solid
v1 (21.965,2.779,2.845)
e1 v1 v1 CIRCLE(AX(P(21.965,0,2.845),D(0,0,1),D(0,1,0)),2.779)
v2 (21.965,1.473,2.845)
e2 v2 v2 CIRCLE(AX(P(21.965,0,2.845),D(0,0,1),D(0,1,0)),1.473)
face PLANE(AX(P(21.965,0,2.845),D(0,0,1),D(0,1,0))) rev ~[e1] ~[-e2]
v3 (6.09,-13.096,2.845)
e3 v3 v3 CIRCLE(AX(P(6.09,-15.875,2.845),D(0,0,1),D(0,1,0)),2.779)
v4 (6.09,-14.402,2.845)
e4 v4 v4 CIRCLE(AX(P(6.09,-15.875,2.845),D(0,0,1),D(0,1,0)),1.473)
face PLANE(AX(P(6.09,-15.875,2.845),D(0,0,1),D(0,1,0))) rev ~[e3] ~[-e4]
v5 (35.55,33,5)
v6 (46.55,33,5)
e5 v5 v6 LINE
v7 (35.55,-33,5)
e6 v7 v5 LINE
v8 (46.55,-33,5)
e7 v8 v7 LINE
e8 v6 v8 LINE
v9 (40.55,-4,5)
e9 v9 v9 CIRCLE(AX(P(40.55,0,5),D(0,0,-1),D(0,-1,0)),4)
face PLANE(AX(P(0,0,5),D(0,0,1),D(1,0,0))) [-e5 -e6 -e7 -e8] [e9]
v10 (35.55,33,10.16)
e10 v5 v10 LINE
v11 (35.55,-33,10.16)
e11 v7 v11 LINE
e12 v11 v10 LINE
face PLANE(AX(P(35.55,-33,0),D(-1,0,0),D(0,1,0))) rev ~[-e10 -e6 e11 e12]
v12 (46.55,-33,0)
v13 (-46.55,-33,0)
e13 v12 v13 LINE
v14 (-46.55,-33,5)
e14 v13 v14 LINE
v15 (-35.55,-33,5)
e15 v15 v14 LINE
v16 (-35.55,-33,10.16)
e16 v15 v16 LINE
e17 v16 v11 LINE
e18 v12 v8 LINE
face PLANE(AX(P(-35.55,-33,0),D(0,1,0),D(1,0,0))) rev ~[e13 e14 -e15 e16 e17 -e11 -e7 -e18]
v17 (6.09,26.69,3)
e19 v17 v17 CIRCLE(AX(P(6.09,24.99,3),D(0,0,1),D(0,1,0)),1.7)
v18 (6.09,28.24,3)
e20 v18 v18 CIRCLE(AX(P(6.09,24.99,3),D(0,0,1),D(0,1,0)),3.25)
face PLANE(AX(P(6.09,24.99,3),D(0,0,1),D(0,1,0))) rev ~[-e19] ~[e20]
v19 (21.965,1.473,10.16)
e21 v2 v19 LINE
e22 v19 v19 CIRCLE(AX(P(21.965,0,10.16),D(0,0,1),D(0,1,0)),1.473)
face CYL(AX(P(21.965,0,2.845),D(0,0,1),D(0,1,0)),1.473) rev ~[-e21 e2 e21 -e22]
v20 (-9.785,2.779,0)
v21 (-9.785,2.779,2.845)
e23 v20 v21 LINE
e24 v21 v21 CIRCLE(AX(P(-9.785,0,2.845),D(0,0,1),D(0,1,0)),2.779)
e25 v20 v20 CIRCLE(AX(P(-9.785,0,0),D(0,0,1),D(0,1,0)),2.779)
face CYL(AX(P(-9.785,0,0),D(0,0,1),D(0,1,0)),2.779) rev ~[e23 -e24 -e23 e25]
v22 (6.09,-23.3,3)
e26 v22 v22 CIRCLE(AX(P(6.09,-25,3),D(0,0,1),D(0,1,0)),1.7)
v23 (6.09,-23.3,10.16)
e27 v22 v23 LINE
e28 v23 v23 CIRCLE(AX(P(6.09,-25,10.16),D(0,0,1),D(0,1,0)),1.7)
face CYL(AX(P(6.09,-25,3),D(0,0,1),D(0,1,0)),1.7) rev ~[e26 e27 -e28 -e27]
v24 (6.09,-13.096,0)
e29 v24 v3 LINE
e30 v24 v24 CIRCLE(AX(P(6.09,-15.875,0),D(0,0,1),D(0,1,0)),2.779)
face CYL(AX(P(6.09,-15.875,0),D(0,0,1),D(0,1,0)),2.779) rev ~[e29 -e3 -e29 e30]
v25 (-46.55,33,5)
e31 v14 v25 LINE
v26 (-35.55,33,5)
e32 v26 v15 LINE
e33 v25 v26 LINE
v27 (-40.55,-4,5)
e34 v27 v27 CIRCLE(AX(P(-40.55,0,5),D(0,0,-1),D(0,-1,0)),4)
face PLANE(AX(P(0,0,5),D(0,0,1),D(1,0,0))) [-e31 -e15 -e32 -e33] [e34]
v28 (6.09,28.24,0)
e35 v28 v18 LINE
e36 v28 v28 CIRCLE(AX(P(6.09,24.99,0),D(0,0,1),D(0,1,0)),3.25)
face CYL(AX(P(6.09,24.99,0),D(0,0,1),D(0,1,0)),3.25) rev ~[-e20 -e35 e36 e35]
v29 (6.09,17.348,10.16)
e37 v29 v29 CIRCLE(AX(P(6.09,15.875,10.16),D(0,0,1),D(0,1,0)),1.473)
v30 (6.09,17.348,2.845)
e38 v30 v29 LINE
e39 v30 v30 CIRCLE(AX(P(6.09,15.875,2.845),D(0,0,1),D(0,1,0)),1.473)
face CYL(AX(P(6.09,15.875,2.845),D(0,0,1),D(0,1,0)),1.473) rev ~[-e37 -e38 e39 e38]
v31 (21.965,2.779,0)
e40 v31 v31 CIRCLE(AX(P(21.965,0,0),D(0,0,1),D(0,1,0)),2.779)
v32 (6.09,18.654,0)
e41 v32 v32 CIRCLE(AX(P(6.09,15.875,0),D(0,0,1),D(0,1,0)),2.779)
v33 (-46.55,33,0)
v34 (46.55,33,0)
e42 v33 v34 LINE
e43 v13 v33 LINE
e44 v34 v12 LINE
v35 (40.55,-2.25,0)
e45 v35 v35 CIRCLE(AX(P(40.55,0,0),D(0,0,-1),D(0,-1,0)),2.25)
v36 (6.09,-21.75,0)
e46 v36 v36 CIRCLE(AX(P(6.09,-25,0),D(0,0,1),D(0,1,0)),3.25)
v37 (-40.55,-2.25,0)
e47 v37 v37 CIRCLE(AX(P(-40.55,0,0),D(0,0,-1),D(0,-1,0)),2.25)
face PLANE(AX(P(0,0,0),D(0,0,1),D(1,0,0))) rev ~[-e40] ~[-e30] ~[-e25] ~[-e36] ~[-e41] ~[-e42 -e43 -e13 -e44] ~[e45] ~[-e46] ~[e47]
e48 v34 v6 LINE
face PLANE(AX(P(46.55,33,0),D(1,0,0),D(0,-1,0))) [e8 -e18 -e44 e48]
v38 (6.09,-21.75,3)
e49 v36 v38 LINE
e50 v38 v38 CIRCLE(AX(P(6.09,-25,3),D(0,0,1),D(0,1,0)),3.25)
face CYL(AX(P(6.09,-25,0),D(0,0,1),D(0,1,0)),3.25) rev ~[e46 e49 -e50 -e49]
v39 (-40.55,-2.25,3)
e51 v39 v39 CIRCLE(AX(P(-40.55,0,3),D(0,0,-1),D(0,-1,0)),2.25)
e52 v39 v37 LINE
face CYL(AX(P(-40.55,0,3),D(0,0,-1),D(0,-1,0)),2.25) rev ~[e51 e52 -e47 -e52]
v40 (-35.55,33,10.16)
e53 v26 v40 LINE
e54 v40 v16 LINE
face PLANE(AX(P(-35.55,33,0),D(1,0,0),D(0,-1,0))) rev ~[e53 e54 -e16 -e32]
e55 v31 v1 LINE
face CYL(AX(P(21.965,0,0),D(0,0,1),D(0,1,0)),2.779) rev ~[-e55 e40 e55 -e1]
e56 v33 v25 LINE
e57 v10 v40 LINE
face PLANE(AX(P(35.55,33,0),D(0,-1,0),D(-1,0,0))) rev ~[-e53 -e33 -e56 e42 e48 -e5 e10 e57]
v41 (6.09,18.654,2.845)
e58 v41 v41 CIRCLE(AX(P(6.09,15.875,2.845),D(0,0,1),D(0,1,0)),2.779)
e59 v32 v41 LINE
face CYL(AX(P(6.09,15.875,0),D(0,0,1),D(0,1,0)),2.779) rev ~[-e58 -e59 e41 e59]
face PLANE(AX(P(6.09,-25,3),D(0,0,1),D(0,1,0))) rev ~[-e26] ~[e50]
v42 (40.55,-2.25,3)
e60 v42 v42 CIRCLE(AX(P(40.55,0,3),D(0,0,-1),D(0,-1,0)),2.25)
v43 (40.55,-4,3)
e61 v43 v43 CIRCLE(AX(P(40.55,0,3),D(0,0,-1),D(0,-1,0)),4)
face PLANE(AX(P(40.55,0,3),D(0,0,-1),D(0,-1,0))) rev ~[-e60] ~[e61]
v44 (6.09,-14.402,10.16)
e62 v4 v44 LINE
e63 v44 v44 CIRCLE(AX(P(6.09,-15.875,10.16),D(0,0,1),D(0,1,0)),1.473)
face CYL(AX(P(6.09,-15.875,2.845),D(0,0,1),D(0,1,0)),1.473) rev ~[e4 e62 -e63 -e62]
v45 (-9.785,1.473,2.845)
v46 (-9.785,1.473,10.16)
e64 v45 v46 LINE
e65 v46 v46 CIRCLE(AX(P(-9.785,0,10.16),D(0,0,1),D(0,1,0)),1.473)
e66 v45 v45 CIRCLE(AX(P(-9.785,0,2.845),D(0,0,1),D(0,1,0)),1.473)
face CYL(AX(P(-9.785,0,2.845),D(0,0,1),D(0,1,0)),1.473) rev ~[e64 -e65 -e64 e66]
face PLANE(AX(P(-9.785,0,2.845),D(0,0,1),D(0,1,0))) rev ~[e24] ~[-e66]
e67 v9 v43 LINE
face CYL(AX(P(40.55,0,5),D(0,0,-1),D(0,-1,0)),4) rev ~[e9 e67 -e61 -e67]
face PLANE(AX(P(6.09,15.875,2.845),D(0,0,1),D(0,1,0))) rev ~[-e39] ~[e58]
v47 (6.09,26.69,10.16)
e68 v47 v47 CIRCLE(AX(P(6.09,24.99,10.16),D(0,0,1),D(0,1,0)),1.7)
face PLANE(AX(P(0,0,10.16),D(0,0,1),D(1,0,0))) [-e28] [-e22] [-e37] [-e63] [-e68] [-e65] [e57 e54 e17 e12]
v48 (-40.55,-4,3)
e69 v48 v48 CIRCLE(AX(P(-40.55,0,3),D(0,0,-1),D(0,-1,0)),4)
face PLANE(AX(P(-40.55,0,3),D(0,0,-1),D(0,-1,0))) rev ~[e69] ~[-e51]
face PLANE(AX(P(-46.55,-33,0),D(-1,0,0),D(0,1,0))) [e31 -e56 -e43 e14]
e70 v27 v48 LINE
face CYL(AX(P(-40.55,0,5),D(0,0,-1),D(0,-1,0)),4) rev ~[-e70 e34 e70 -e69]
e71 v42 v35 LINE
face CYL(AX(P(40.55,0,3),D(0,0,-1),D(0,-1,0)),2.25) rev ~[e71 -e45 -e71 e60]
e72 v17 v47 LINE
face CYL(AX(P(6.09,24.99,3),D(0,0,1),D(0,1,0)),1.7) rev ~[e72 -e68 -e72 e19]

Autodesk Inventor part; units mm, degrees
ref_plane "YZ Plane" through (0, 0, 0) normal (1, 0, 0) x (0, 1, 0)
ref_plane "XZ Plane" through (0, 0, 0) normal (0, 1, 0) x (-1, 0, 0)
ref_plane "XY Plane" through (0, 0, 0) normal (0, 0, 1) x (1, 0, 0)
sketch "Sketch1" plane through (0, 0, 0) normal (0, 0, 1) x (1, 0, 0)
  line L0 (-35.55, -33) -> (35.55, -33)
  line L1 (35.55, -33) -> (35.55, 33)
  line L2 (35.55, 33) -> (-35.55, 33)
  line L3 (-35.55, 33) -> (-35.55, -33)
  line L4 (-35.55, -33) -> (35.55, 33) construction
  line L5 (35.55, -33) -> (-35.55, 33) construction
  point P0 (0, 0)
  dimension "LENGTH" = 71.1
  dimension "WIDTH" = 66
extrude "Extrusion1" add sketch "Sketch1" along normal blind 10.16
sketch "Sketch2" plane through (0, 0, 0) normal (0, 0, 1) x (1, 0, 0)
  line L0 (46.55, -33) -> (-46.55, -33)
  line L1 (-46.55, -33) -> (-46.55, 33)
  line L2 (-46.55, 33) -> (46.55, 33)
  line L3 (46.55, 33) -> (46.55, -33)
  line L4 (46.55, -33) -> (-46.55, 33) construction
  line L5 (-46.55, -33) -> (46.55, 33) construction
  point P0 (0, 0)
  dimension "d4" = 93.1
  dimension "d5" = 66
extrude "Extrusion2" add sketch "Sketch2" along normal blind 5
sketch "Sketch3" plane through (0, 0, 5) normal (0, 0, 1) x (1, 0, 0)
  line L0 (-46.55, 33) -> (-46.55, -33) projected
  line L1 (46.55, -33) -> (46.55, 33) projected
  point P0 (0, 0)
  point P1 (-40.55, 0)
  point P2 (40.55, 0)
  dimension "d8" = 6
  dimension "d9" = 6
  dimension "d10" = 0
  dimension "d11" = 0
hole "Hole1" at (40.55, 0, 5) at (-40.55, 0, 5) direction (0, 0, -1) diameter 4.5 end through all counterbore diameter 8 counterbore depth 2 clearance for "Socket Head Cap Screw" size "#8" standard "Ansi Unified Screw Threads"
sketch "Sketch4" plane through (0, 0, 0) normal (0, 0, -1) x (-1, 0, 0)
  line L0 (-35.55, -33) -> (-35.55, 33) projected
  point P0 (0, 0)
  point P1 (-6.09, -25)
  point P2 (-6.09, 24.99)
  dimension "d19" = 25
  dimension "d20" = 49.99
  dimension "d21" = 29.46
  dimension "d22" = 29.46
hole "Hole2" at (6.09, -25, 0) at (6.09, 24.99, 0) direction (0, 0, 1) diameter 3.4 end through all counterbore diameter 6.5 counterbore depth 3 clearance for "Socket Head Cap Screw" size "M3" standard "Ansi Metric M Profile"
sketch "Sketch5" plane through (0, 0, 0) normal (0, 0, -1) x (-1, 0, 0)
  circle A0 centre (-6.09, 0) radius 15.875
  point P0 (0, 0)
  point P1 (-6.09, -15.875)
  point P2 (9.785, 0)
  point P3 (-6.09, 15.875)
  point P4 (-21.965, 0)
  dimension "d32" = 6.09
  dimension "d33" = 0
  dimension "d34" = 31.75
hole "Hole3" at (6.09, -15.875, 0) at (-9.785, 0, 0) at (6.09, 15.875, 0) at (21.965, 0, 0) direction (0, 0, 1) diameter 2.946 end through all counterbore diameter 5.558 counterbore depth 2.845 clearance for "Socket Head Cap Screw" size "#4" standard "Ansi Unified Screw Threads"
equation "\"d5\" = WIDTH"
properties part number "aom mount"
